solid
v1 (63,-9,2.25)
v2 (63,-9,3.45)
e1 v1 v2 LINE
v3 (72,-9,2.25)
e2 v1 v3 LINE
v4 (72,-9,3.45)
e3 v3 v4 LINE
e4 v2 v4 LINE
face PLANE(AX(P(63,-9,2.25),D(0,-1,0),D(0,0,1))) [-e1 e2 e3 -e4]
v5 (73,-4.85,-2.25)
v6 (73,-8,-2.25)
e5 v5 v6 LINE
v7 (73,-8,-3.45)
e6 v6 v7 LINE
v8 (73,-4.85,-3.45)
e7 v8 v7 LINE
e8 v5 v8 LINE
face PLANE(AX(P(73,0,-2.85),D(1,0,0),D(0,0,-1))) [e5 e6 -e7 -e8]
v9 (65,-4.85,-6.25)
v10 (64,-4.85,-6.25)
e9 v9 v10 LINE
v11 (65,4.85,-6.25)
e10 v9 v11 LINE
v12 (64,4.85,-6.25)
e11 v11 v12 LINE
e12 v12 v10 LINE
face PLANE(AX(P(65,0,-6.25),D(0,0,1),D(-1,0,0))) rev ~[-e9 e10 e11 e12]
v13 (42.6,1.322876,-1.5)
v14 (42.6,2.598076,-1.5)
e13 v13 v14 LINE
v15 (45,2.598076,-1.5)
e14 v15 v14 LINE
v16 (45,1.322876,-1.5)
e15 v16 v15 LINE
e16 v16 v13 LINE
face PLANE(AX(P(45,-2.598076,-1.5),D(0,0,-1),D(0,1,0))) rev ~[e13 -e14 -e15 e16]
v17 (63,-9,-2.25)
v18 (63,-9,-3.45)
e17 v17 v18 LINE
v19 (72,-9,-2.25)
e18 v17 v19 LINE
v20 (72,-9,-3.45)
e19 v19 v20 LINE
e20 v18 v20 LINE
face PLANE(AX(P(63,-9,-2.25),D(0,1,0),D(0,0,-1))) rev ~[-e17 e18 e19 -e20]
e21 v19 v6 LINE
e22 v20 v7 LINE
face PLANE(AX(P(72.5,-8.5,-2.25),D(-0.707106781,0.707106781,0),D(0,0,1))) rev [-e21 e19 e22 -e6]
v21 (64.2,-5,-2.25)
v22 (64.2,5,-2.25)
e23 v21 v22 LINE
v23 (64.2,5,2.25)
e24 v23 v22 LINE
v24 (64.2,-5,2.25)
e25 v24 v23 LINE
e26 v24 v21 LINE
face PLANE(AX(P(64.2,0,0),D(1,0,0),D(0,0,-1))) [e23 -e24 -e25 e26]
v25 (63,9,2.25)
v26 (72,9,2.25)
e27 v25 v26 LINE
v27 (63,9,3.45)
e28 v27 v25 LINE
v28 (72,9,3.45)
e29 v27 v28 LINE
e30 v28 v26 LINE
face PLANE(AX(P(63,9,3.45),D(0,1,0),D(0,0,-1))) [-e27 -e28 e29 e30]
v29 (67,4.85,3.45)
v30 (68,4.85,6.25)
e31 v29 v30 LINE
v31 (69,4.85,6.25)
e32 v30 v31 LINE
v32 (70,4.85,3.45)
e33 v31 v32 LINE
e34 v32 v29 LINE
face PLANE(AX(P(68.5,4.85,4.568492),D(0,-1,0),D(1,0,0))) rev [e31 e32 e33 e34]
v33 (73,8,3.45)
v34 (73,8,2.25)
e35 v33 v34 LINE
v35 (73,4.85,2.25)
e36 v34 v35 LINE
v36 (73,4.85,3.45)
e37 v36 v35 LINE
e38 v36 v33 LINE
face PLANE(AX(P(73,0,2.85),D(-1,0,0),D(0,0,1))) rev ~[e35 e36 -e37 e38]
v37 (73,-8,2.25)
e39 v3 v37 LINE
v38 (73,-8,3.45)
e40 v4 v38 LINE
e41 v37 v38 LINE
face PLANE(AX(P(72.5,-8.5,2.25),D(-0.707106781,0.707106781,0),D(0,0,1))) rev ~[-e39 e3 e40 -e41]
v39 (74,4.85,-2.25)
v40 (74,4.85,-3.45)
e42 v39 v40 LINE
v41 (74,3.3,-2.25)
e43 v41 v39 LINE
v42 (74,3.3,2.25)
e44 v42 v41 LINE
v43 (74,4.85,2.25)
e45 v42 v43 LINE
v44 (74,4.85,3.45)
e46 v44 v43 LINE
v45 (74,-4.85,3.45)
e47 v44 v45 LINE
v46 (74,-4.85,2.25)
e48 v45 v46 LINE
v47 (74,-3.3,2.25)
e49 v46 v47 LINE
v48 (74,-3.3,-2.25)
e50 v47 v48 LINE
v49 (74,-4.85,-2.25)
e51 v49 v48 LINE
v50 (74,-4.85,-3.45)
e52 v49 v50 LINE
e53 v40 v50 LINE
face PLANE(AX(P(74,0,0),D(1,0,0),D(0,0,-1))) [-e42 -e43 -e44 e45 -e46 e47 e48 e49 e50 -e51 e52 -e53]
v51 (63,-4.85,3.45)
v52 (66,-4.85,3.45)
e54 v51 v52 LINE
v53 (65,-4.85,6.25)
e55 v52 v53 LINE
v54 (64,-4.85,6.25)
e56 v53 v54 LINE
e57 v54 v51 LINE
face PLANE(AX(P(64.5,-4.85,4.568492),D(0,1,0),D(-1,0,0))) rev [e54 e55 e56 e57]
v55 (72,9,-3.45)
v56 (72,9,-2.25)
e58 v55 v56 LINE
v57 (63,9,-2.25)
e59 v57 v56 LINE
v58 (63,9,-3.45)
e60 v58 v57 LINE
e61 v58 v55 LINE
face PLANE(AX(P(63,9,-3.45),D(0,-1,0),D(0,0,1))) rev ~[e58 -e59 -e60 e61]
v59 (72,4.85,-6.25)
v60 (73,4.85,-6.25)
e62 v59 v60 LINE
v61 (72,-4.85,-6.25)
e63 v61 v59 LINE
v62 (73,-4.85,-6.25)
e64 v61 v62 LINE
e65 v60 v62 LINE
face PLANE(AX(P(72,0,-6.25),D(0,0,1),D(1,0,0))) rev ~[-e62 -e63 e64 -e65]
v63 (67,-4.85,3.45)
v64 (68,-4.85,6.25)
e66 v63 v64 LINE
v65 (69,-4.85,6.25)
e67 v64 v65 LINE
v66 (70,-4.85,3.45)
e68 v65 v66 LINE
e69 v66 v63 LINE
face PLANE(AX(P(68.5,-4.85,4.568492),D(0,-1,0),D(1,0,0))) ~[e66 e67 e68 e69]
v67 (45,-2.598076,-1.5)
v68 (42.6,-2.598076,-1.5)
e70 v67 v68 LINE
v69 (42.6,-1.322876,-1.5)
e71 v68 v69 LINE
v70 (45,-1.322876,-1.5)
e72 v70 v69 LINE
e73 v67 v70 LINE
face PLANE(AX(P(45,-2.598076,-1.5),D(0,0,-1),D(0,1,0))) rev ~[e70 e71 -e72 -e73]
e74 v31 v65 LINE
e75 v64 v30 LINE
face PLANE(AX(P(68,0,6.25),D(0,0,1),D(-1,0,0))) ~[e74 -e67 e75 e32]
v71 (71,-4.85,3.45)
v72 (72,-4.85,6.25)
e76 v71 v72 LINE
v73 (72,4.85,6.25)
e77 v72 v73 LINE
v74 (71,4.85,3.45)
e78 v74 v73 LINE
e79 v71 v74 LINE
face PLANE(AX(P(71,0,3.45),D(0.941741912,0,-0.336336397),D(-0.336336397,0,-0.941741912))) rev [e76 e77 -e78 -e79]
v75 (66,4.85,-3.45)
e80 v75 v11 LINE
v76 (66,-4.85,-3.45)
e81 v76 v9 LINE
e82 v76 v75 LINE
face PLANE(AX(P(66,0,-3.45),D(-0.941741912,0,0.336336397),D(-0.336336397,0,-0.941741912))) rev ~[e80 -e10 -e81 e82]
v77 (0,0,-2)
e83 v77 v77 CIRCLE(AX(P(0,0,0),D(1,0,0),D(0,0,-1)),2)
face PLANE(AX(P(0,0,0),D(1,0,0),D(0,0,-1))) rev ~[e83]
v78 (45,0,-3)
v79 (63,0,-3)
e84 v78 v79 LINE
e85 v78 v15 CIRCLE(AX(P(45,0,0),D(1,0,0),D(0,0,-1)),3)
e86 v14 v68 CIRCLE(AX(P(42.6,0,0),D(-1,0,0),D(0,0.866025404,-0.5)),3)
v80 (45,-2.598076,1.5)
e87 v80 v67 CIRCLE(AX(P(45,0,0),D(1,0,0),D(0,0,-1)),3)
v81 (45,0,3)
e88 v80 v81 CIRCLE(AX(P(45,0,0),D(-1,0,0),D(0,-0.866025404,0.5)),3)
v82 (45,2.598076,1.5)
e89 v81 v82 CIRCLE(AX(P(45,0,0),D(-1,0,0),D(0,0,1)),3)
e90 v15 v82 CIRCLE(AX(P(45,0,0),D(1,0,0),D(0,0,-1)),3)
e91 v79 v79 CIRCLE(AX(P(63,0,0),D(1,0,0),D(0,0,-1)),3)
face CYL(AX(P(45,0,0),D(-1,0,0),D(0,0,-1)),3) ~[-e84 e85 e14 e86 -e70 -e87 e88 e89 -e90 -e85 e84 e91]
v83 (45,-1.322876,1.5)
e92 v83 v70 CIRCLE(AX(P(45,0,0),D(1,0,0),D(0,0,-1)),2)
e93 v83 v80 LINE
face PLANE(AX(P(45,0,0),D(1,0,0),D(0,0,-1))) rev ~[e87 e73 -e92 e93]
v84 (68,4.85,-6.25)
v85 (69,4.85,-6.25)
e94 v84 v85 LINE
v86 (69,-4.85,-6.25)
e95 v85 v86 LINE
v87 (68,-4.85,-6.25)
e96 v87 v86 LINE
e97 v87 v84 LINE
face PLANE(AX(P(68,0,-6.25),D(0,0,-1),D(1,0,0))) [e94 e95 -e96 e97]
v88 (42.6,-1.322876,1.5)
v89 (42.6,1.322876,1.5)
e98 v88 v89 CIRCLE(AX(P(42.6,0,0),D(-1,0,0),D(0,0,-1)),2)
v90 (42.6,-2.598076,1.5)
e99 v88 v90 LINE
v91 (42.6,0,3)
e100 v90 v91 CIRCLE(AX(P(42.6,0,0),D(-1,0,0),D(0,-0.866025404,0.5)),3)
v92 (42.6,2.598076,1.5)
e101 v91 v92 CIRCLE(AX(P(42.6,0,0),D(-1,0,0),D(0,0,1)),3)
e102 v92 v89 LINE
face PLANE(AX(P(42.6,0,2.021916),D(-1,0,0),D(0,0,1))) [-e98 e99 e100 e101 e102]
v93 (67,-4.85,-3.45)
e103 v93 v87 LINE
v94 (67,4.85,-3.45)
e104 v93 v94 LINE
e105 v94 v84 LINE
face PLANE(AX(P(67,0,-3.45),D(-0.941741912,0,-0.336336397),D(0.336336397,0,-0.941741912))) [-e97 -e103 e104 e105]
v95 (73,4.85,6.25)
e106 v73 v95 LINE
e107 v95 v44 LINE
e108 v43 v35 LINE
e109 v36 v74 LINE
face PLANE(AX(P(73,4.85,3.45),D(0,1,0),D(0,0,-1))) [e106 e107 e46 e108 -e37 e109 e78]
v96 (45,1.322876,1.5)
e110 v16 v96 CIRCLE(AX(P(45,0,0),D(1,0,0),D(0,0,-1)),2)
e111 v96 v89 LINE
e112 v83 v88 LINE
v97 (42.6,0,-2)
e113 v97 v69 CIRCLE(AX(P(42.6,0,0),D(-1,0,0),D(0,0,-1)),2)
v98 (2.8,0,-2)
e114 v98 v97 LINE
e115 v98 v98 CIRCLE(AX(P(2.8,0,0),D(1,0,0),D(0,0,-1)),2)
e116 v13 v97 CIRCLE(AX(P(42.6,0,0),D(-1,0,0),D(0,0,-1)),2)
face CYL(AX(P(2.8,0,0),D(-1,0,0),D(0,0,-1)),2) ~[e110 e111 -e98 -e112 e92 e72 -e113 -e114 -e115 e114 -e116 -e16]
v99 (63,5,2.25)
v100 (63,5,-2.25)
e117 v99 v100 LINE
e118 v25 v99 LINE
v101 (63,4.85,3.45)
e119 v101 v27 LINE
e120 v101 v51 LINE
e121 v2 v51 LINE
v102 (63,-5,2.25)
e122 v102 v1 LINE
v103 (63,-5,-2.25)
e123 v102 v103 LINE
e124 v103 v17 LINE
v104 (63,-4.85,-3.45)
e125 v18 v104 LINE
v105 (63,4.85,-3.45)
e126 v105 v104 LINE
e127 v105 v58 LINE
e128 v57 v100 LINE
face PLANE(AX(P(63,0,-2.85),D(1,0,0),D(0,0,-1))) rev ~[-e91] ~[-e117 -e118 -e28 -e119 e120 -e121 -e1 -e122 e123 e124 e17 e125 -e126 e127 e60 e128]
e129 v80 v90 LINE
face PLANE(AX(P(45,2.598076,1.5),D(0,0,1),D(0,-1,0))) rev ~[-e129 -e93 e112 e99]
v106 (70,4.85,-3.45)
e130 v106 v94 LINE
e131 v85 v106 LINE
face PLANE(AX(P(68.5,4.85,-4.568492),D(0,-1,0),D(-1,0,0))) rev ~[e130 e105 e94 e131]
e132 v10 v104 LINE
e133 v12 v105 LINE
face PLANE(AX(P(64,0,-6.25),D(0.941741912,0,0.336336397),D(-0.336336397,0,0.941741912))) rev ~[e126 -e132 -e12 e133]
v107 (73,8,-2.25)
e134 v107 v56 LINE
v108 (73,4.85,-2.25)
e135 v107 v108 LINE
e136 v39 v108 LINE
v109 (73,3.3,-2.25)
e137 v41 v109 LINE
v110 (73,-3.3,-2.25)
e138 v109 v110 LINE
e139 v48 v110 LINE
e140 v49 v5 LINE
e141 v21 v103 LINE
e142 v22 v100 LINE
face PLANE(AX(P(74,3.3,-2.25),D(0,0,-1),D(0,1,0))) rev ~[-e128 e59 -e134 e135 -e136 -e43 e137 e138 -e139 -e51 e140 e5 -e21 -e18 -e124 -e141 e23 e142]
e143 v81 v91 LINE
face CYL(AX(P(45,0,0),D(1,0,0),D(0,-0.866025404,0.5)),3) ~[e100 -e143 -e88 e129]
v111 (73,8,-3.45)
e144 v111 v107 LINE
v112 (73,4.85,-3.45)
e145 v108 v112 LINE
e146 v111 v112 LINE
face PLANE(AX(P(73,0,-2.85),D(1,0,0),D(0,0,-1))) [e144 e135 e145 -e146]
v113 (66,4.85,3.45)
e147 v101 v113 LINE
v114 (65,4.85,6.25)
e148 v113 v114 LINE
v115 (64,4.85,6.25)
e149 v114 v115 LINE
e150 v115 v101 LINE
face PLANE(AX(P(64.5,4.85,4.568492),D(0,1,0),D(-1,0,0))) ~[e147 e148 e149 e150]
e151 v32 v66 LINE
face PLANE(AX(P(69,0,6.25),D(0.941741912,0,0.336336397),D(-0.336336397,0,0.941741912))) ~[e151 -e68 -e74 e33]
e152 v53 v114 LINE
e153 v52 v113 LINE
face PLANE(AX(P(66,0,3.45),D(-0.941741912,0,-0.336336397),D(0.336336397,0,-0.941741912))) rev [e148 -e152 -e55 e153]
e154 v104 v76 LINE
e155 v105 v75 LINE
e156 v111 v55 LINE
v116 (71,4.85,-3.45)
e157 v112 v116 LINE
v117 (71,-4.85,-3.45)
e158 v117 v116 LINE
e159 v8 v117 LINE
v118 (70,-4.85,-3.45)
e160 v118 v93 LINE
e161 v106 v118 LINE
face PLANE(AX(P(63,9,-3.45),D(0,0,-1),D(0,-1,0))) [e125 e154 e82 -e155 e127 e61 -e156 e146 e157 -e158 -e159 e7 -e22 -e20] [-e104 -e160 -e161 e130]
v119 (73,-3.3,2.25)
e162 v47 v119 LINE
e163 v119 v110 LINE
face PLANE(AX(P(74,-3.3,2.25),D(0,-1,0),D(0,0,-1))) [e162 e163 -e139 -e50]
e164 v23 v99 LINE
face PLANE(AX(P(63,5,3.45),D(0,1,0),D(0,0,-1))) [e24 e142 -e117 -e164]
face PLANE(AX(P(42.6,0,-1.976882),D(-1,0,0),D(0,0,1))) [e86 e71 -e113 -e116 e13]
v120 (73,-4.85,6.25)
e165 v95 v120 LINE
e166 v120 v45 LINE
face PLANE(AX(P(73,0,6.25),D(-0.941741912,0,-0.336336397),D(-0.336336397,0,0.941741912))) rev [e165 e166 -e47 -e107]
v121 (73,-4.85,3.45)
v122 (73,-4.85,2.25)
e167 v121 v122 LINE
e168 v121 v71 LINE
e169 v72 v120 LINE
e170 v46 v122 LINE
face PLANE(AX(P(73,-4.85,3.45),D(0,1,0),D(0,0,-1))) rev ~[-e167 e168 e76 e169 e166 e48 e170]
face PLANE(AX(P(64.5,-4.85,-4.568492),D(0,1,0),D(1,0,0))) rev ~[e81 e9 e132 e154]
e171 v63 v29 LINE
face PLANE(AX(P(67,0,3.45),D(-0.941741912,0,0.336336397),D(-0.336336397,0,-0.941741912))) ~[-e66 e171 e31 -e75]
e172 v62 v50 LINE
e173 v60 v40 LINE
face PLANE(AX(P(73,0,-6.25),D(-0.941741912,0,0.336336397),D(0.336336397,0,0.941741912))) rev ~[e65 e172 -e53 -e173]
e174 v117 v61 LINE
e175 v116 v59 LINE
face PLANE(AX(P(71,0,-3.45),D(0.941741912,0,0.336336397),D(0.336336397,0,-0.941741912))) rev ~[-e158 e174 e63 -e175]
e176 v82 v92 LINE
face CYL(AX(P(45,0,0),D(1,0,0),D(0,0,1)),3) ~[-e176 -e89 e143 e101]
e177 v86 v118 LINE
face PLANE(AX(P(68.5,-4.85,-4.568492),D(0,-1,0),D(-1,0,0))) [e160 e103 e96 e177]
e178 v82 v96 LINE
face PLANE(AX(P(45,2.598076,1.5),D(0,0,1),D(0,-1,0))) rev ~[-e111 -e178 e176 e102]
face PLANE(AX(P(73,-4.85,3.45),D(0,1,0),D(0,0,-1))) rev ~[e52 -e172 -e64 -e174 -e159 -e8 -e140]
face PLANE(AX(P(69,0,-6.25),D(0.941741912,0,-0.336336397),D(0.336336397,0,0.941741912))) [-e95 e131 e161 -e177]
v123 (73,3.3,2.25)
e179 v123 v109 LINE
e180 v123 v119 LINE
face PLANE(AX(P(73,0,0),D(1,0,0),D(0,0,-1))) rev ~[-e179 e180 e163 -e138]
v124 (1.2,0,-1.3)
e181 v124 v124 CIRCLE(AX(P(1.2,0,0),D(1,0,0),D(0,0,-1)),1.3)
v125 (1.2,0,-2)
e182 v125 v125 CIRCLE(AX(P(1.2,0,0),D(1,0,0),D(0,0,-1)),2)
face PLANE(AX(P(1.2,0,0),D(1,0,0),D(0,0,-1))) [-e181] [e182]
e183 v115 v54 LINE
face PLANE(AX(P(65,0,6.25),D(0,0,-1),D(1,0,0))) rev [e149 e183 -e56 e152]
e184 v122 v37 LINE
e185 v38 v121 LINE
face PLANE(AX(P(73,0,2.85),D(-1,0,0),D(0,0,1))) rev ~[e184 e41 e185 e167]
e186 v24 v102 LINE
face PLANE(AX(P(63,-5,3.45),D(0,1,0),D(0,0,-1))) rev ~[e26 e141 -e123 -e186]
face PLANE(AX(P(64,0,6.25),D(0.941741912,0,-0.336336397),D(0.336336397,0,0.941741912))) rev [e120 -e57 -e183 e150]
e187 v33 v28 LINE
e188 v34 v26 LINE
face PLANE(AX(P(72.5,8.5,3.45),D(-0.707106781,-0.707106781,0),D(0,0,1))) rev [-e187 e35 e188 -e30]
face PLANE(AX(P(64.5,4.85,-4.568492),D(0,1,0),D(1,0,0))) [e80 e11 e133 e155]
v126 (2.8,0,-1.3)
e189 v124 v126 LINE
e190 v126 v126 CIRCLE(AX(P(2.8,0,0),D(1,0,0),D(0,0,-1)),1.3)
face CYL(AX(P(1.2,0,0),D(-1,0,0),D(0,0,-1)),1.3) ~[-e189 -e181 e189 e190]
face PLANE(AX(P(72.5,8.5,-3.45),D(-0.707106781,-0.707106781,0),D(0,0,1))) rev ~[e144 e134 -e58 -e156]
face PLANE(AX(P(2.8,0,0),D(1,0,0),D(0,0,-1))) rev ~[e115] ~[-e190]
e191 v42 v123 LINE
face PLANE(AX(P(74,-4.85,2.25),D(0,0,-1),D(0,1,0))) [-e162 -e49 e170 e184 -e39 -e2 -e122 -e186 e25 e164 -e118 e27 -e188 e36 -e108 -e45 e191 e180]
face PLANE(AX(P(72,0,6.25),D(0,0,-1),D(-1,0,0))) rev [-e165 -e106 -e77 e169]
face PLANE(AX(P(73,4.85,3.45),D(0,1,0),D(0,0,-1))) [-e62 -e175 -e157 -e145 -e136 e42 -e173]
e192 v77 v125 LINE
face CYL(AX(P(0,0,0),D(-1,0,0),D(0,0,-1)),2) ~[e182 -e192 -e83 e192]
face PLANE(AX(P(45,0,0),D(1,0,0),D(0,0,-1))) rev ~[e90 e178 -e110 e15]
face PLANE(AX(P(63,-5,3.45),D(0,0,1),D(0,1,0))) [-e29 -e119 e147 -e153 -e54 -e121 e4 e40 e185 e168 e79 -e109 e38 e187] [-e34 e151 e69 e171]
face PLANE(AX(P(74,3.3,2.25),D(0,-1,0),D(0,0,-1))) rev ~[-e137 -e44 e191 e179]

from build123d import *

# Parameters (mm, degrees)
SKETCH1_R            = 2
BOSS_EXTRUDE1_DEPTH  = 1.2
SKETCH2_R            = 1.3
BOSS_EXTRUDE2_DEPTH  = 1.6
SKETCH3_R            = 2
BOSS_EXTRUDE3_DEPTH  = 42.2
SKETCH4_R            = 3
BOSS_EXTRUDE4_DEPTH  = 18
BOSS_EXTRUDE7_DEPTH  = 2.4
SKETCH6_W            = 6.9
SKETCH6_H            = 10
BOSS_EXTRUDE8_DEPTH  = 1.2
BOSS_EXTRUDE9_DEPTH  = 10
CHAMFER1_SIZE        = 1
BOSS_EXTRUDE10_DEPTH = 4.85
SKETCH9_W            = 6.9
SKETCH9_H            = 9.7
BOSS_EXTRUDE11_DEPTH = 1
SKETCH11_W           = 4.5
SKETCH11_H           = 1.55
CUT_EXTRUDE1_DEPTH   = 1


with BuildPart() as part:
    # Sketch1 → Boss-Extrude1 (new body)
    with BuildSketch(Plane(origin=(0, 0, 0), x_dir=(0, 0, -1), z_dir=(1, 0, 0))):
        Circle(SKETCH1_R)
    extrude(amount=BOSS_EXTRUDE1_DEPTH)

    # Sketch2 → Boss-Extrude2 (add)
    with BuildSketch(Plane(origin=(1.2, 0, 0), x_dir=(0, 0, -1), z_dir=(1, 0, 0))):
        Circle(SKETCH2_R)
    extrude(amount=BOSS_EXTRUDE2_DEPTH)

    # Sketch3 → Boss-Extrude3 (add)
    with BuildSketch(Plane(origin=(2.8, 0, 0), x_dir=(0, 0, -1), z_dir=(1, 0, 0))):
        Circle(SKETCH3_R)
    extrude(amount=BOSS_EXTRUDE3_DEPTH)

    # Sketch4 → Boss-Extrude4 (add)
    with BuildSketch(Plane(origin=(45, 0, 0), x_dir=(0, 0, -1), z_dir=(1, 0, 0))):
        Circle(SKETCH4_R)
    extrude(amount=BOSS_EXTRUDE4_DEPTH)

    # Sketch5 → Boss-Extrude7 (add)
    with BuildSketch(Plane.ZY.offset(-45)):
        with BuildLine():
            ThreePointArc((3, 0), (2.598076211, 1.5), (1.5, 2.598076211))
            Line((1.5, 2.598076211), (1.5, -2.598076211))
            ThreePointArc((1.5, -2.598076211), (2.598076211, -1.5), (3, 0))
        make_face()
        with BuildLine():
            Line((-1.5, -2.598076211), (-1.5, 2.598076211))
            ThreePointArc((-1.5, 2.598076211), (-3, 0), (-1.5, -2.598076211))
        make_face()
    extrude(amount=BOSS_EXTRUDE7_DEPTH)

    # Sketch6 → Boss-Extrude8 (add)
    with BuildSketch(Plane(origin=(63, 0, 0), x_dir=(0, 0, -1), z_dir=(1, 0, 0))):
        Rectangle(SKETCH6_W, SKETCH6_H)
    extrude(amount=BOSS_EXTRUDE8_DEPTH)

    # Sketch7 → Boss-Extrude9 (add)
    with BuildSketch(Plane.ZY.offset(-63)):
        Polygon((-3.45, 5), (-3.45, 9), (-2.25, 9), (-2.25, -9), (-3.45, -9), (-3.45, -5), align=None)
        Polygon((3.45, 9), (2.25, 9), (2.25, -9), (3.45, -9), (3.45, -5), (3.45, 5), align=None)
    extrude(amount=-BOSS_EXTRUDE9_DEPTH)

    # Chamfer1
    chamfer1_edges = [part.edges().sort_by_distance(p)[0] for p in [
        (73, 9, -2.85),
        (73, -9, -2.85),
        (73, -9, 2.85),
        (73, 9, 2.85),
    ]]
    chamfer(chamfer1_edges, length=CHAMFER1_SIZE)

    # Sketch8 → Boss-Extrude10 (add, symmetric)
    with BuildSketch(Plane(origin=(0, 0, 0), x_dir=(1, 0, 0), z_dir=(0, 1, 0))):
        Polygon((63, 3.45), (66, 3.45), (65, 6.25), (64, 6.25), align=None)
        Polygon((68, 6.25), (69, 6.25), (70, 3.45), (67, 3.45), align=None)
        Polygon((72, 6.25), (73, 6.25), (74, 3.45), (71, 3.45), align=None)
    boss_extrude10 = extrude(amount=BOSS_EXTRUDE10_DEPTH, both=True)

    # Mirror1: Boss-Extrude10 across plane
    add(boss_extrude10.mirror(Plane.XY))

    # Sketch9 → Boss-Extrude11 (add)
    with BuildSketch(Plane(origin=(73, 0, 0), x_dir=(0, 0, -1), z_dir=(1, 0, 0))):
        Rectangle(SKETCH9_W, SKETCH9_H)
    extrude(amount=BOSS_EXTRUDE11_DEPTH)

    # Sketch11 → Cut-Extrude1 (cut)
    with BuildSketch(Plane(origin=(74, 0, 0), x_dir=(0, 0, -1), z_dir=(1, 0, 0))):
        with Locations((0, -4.075)):
            Rectangle(SKETCH11_W, SKETCH11_H)
        with Locations((0, 4.075)):
            Rectangle(SKETCH11_W, SKETCH11_H)
    extrude(amount=-CUT_EXTRUDE1_DEPTH, mode=Mode.SUBTRACT)


solid = part.part
